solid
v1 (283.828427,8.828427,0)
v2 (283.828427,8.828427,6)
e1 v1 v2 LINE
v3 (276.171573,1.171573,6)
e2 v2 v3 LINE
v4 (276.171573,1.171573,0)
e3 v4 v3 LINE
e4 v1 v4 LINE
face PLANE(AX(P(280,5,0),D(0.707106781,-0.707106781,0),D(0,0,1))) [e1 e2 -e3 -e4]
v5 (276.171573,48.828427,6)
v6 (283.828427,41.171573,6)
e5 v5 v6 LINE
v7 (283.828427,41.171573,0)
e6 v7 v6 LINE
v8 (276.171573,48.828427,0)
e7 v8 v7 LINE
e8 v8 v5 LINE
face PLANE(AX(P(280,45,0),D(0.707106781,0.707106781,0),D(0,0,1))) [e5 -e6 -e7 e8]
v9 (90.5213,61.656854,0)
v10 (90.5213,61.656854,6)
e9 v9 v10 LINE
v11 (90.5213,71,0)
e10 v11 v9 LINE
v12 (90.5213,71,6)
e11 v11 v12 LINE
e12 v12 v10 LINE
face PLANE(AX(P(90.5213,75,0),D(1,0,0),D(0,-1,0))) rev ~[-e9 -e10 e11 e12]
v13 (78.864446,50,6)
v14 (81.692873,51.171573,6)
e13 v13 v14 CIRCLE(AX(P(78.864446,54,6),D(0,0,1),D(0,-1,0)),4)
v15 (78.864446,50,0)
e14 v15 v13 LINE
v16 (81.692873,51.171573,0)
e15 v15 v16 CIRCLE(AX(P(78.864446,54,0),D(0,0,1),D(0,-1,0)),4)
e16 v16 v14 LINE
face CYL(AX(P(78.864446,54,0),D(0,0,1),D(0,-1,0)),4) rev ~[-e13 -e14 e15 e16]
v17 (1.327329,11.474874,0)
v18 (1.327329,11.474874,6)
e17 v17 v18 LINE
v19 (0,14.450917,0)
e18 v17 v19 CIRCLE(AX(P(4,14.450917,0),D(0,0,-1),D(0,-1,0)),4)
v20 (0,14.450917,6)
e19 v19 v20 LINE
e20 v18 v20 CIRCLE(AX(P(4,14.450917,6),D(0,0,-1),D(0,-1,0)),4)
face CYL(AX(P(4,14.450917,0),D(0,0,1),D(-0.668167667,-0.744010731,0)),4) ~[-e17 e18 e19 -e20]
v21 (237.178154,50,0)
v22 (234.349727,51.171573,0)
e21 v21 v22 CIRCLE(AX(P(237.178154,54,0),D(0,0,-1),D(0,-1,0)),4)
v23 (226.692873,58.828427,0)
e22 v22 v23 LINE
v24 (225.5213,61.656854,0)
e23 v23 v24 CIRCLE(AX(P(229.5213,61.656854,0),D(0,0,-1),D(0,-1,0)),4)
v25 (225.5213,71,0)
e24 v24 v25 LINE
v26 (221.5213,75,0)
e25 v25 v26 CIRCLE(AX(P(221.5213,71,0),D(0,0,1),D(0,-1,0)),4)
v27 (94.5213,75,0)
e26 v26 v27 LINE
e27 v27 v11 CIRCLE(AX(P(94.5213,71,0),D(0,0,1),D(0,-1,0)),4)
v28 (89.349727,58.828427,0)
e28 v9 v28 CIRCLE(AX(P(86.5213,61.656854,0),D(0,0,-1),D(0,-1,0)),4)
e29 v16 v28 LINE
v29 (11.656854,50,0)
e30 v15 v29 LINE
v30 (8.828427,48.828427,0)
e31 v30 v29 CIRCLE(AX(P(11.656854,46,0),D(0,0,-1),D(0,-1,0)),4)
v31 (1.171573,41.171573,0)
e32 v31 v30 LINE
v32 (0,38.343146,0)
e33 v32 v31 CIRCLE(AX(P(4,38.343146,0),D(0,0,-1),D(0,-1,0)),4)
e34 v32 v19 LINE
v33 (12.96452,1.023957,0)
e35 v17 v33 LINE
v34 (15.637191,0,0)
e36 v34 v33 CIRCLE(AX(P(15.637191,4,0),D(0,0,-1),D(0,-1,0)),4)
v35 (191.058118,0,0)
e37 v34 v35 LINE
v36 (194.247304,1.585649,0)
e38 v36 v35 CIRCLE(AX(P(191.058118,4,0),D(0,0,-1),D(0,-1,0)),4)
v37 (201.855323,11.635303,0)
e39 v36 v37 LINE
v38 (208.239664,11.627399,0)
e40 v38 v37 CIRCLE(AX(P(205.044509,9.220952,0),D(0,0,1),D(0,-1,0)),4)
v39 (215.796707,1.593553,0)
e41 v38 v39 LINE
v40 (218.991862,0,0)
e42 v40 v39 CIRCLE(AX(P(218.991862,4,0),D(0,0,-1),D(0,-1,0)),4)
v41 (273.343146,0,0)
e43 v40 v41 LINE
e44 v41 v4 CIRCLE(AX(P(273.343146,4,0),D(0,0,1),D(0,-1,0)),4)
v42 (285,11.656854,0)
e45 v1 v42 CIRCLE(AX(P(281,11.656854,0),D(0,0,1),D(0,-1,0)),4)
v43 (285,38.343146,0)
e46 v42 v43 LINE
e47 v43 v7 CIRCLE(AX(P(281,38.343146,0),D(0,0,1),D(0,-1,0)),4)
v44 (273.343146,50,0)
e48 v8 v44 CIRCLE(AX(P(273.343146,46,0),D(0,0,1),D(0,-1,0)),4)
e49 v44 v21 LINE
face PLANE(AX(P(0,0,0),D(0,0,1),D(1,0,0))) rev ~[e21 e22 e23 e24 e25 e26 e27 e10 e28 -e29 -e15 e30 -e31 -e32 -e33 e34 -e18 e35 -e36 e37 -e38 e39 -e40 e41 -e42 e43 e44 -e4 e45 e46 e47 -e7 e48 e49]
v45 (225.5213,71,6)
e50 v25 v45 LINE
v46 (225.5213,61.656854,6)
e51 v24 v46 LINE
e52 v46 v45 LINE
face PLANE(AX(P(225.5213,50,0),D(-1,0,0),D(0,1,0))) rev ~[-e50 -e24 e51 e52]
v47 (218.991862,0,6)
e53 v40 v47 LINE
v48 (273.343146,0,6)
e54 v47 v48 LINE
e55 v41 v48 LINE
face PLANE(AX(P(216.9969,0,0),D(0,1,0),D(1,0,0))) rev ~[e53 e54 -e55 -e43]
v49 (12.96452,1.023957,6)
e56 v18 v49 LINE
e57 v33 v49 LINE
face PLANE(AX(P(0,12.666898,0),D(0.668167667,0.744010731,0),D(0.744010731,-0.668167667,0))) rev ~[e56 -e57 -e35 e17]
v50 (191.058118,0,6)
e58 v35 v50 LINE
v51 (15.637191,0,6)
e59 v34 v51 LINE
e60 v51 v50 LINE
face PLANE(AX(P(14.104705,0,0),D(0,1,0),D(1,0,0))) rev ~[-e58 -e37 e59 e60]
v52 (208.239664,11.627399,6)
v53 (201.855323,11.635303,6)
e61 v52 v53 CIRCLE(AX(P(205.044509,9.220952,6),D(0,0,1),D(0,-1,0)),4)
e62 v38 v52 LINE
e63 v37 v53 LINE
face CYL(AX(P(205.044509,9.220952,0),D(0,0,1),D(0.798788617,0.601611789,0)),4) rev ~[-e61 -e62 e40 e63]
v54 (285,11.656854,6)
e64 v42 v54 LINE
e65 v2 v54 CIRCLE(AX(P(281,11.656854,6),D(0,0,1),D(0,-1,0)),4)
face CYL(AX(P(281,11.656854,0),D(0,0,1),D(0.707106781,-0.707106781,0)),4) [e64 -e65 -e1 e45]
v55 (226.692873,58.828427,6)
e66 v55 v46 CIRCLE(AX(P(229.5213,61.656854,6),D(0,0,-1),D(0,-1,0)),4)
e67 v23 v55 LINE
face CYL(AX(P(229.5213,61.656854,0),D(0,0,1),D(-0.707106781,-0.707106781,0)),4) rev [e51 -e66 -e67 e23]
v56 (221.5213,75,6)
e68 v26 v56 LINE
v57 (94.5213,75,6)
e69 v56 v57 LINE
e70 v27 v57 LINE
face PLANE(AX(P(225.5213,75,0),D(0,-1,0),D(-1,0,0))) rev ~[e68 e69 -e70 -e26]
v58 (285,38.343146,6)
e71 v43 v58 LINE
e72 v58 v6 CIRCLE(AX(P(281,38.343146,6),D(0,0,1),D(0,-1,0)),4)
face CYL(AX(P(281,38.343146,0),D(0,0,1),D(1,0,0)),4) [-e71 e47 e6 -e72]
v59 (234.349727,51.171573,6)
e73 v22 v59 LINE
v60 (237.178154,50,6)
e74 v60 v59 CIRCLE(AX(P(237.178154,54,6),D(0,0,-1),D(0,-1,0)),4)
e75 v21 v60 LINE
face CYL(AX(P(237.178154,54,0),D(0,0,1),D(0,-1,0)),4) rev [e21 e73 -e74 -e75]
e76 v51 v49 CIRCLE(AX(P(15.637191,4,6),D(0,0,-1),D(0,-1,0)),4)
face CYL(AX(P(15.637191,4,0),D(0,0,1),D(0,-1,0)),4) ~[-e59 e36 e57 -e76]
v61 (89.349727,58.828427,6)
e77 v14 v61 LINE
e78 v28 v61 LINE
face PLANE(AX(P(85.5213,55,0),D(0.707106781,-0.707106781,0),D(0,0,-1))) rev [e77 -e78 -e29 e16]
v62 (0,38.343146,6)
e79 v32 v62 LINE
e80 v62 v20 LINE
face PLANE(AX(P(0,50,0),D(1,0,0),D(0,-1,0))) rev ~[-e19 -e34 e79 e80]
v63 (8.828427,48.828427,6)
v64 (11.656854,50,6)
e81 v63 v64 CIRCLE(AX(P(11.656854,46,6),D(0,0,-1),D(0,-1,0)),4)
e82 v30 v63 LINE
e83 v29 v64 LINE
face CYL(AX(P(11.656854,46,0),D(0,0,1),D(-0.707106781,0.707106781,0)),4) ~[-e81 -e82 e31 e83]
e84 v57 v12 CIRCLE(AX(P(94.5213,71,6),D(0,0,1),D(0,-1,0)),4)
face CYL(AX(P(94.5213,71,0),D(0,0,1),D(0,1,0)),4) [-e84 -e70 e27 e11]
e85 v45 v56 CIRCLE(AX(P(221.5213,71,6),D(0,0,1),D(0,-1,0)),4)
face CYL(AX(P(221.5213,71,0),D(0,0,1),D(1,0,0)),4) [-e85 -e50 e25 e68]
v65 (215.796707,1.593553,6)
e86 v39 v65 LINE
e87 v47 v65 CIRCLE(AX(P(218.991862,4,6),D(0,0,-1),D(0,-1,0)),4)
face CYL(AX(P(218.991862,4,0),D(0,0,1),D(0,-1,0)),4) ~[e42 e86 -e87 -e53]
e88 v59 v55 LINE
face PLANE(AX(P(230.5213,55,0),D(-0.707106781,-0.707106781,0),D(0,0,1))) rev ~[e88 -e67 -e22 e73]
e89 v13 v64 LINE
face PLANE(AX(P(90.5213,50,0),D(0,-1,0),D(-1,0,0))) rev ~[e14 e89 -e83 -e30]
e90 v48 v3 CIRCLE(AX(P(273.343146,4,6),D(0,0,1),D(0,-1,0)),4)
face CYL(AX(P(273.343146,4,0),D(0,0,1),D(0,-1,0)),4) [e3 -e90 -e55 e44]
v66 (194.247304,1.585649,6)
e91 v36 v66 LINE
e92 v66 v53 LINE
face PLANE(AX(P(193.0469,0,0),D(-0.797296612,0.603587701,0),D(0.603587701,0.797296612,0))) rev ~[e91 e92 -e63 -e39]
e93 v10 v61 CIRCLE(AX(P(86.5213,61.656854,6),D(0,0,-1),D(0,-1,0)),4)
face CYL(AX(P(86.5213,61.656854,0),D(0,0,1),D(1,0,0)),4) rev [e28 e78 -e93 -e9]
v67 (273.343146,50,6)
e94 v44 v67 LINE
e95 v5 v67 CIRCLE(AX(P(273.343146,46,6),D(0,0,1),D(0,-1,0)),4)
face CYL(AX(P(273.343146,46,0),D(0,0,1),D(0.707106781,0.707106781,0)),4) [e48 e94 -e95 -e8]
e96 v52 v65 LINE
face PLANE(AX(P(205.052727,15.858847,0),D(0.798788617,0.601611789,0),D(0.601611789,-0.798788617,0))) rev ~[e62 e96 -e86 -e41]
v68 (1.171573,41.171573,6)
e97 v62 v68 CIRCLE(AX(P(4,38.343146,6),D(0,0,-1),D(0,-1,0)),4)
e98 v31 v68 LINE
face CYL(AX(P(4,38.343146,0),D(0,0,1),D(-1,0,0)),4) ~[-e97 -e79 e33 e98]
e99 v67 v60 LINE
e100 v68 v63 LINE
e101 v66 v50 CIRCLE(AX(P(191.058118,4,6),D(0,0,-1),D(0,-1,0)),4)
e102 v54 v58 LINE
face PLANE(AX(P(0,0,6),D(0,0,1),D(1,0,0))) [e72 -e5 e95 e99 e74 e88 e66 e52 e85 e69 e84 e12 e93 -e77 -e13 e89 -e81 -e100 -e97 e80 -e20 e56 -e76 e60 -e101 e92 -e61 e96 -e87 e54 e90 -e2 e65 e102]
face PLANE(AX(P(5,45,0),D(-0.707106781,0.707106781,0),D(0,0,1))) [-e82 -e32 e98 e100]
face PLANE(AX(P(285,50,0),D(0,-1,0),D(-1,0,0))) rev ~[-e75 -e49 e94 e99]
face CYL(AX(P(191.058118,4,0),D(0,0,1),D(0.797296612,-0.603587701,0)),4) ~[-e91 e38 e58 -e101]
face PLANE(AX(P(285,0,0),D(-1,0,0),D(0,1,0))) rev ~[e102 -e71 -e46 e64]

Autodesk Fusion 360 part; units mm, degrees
sketch "Sketch1" plane through (0, 0, 0) normal (0, 0, 1) x (1, 0, 0)
  line L0 (0, 0) -> (285, 0)
  line L1 (285, 0) -> (285, 50)
  line L2 (285, 50) -> (0, 50)
  line L3 (0, 50) -> (0, 0)
  line L4 (90.5213, 50) -> (225.5213, 50)
  line L5 (225.5213, 50) -> (225.5213, 75)
  line L6 (225.5213, 75) -> (90.5213, 75)
  line L7 (90.5213, 75) -> (90.5213, 50)
  line L8 (216.9969, 0) -> (193.0469, 0)
  line L9 (202.6853, -0.0546) -> (207.3953, -0.0546)
  line L10 (193.0469, 0) -> (205.0617, 15.8707)
  line L11 (205.0438, 15.8707) -> (216.9969, 0)
  circle A0 centre (140.3583, 38.3038) radius 18.9
  circle A1 centre (102.5213, 63.5005) radius 3.5
  circle A2 centre (118.2718, 63.2499) radius 2.25
  line L12 (111.8584, 9.8039) -> (168.8584, 9.8039)
  line L13 (168.8584, 9.8039) -> (168.8584, 66.8039)
  line L14 (168.8584, 66.8039) -> (111.8584, 66.8039)
  line L15 (111.8584, 66.8039) -> (111.8584, 9.8039)
  line L16 (14.2106, -0.0951) -> (-24.7294, -0.0951)
  line L17 (-24.7294, -0.0951) -> (-10.5221, 12.6845)
  line L18 (-10.5221, 12.6845) -> (-0.0196, 12.6845)
  line L19 (-0.0196, 12.6845) -> (14.2106, -0.0951)
  dimension "d1" = 285
  dimension "d2" = 50
  dimension "d7" = 135
  dimension "d8" = 25
  dimension "d36" = 23.95
  dimension "d37" = 4.71
  dimension "d41" = 37.8
  dimension "d42" = 7
  dimension "d43" = 4.5
  dimension "d45" = 57
  dimension "d46" = 57
  dimension "d52" = 38.94
extrude "Extrude2" add sketch "Sketch1" along normal blind 6 contours L0 L1 L2 L3 L4 L10 L11 L12 L13 L15 L19 | L2 L4 L5 L6 L7 L13 L14 L15 | L2 L4 A0 L12 L13 L15 | L2 L4 A0 L13 L14 L15 | L2 L4 A0 | L2 L4 A0 | A1 | A2
chamfer "Chamfer9" distance 10 angle 45 5 edges at (285, 0, 3) (285, 50, 3) (225.5213, 50, 3) (90.5213, 50, 3) (0, 50, 3)
fillet "Fillet19" radius 4 17 edges at (216.9969, 0, 3) (193.0469, 0, 3) (205.0527, 15.8588, 3) (0, 12.667, 3) (14.1047, 0, 3) (0, 40, 3) (10, 50, 3) (90.5213, 60, 3) (80.5213, 50, 3) (225.5213, 60, 3) (235.5213, 50, 3) (275, 50, 3) (285, 40, 3) (285, 10, 3) (275, 0, 3) (90.5213, 75, 3) (225.5213, 75, 3)
equation "DBigHull = 3.78 cm"
equation "AvstandFraLangKantTilBigHull = 12.32 cm"
equation "motorfront = 56 mm"
equation "d41 = DBigHull"
equation "NEM23 = 57 mm"
equation "d45 = NEM23"
equation "d46 = NEM23"
